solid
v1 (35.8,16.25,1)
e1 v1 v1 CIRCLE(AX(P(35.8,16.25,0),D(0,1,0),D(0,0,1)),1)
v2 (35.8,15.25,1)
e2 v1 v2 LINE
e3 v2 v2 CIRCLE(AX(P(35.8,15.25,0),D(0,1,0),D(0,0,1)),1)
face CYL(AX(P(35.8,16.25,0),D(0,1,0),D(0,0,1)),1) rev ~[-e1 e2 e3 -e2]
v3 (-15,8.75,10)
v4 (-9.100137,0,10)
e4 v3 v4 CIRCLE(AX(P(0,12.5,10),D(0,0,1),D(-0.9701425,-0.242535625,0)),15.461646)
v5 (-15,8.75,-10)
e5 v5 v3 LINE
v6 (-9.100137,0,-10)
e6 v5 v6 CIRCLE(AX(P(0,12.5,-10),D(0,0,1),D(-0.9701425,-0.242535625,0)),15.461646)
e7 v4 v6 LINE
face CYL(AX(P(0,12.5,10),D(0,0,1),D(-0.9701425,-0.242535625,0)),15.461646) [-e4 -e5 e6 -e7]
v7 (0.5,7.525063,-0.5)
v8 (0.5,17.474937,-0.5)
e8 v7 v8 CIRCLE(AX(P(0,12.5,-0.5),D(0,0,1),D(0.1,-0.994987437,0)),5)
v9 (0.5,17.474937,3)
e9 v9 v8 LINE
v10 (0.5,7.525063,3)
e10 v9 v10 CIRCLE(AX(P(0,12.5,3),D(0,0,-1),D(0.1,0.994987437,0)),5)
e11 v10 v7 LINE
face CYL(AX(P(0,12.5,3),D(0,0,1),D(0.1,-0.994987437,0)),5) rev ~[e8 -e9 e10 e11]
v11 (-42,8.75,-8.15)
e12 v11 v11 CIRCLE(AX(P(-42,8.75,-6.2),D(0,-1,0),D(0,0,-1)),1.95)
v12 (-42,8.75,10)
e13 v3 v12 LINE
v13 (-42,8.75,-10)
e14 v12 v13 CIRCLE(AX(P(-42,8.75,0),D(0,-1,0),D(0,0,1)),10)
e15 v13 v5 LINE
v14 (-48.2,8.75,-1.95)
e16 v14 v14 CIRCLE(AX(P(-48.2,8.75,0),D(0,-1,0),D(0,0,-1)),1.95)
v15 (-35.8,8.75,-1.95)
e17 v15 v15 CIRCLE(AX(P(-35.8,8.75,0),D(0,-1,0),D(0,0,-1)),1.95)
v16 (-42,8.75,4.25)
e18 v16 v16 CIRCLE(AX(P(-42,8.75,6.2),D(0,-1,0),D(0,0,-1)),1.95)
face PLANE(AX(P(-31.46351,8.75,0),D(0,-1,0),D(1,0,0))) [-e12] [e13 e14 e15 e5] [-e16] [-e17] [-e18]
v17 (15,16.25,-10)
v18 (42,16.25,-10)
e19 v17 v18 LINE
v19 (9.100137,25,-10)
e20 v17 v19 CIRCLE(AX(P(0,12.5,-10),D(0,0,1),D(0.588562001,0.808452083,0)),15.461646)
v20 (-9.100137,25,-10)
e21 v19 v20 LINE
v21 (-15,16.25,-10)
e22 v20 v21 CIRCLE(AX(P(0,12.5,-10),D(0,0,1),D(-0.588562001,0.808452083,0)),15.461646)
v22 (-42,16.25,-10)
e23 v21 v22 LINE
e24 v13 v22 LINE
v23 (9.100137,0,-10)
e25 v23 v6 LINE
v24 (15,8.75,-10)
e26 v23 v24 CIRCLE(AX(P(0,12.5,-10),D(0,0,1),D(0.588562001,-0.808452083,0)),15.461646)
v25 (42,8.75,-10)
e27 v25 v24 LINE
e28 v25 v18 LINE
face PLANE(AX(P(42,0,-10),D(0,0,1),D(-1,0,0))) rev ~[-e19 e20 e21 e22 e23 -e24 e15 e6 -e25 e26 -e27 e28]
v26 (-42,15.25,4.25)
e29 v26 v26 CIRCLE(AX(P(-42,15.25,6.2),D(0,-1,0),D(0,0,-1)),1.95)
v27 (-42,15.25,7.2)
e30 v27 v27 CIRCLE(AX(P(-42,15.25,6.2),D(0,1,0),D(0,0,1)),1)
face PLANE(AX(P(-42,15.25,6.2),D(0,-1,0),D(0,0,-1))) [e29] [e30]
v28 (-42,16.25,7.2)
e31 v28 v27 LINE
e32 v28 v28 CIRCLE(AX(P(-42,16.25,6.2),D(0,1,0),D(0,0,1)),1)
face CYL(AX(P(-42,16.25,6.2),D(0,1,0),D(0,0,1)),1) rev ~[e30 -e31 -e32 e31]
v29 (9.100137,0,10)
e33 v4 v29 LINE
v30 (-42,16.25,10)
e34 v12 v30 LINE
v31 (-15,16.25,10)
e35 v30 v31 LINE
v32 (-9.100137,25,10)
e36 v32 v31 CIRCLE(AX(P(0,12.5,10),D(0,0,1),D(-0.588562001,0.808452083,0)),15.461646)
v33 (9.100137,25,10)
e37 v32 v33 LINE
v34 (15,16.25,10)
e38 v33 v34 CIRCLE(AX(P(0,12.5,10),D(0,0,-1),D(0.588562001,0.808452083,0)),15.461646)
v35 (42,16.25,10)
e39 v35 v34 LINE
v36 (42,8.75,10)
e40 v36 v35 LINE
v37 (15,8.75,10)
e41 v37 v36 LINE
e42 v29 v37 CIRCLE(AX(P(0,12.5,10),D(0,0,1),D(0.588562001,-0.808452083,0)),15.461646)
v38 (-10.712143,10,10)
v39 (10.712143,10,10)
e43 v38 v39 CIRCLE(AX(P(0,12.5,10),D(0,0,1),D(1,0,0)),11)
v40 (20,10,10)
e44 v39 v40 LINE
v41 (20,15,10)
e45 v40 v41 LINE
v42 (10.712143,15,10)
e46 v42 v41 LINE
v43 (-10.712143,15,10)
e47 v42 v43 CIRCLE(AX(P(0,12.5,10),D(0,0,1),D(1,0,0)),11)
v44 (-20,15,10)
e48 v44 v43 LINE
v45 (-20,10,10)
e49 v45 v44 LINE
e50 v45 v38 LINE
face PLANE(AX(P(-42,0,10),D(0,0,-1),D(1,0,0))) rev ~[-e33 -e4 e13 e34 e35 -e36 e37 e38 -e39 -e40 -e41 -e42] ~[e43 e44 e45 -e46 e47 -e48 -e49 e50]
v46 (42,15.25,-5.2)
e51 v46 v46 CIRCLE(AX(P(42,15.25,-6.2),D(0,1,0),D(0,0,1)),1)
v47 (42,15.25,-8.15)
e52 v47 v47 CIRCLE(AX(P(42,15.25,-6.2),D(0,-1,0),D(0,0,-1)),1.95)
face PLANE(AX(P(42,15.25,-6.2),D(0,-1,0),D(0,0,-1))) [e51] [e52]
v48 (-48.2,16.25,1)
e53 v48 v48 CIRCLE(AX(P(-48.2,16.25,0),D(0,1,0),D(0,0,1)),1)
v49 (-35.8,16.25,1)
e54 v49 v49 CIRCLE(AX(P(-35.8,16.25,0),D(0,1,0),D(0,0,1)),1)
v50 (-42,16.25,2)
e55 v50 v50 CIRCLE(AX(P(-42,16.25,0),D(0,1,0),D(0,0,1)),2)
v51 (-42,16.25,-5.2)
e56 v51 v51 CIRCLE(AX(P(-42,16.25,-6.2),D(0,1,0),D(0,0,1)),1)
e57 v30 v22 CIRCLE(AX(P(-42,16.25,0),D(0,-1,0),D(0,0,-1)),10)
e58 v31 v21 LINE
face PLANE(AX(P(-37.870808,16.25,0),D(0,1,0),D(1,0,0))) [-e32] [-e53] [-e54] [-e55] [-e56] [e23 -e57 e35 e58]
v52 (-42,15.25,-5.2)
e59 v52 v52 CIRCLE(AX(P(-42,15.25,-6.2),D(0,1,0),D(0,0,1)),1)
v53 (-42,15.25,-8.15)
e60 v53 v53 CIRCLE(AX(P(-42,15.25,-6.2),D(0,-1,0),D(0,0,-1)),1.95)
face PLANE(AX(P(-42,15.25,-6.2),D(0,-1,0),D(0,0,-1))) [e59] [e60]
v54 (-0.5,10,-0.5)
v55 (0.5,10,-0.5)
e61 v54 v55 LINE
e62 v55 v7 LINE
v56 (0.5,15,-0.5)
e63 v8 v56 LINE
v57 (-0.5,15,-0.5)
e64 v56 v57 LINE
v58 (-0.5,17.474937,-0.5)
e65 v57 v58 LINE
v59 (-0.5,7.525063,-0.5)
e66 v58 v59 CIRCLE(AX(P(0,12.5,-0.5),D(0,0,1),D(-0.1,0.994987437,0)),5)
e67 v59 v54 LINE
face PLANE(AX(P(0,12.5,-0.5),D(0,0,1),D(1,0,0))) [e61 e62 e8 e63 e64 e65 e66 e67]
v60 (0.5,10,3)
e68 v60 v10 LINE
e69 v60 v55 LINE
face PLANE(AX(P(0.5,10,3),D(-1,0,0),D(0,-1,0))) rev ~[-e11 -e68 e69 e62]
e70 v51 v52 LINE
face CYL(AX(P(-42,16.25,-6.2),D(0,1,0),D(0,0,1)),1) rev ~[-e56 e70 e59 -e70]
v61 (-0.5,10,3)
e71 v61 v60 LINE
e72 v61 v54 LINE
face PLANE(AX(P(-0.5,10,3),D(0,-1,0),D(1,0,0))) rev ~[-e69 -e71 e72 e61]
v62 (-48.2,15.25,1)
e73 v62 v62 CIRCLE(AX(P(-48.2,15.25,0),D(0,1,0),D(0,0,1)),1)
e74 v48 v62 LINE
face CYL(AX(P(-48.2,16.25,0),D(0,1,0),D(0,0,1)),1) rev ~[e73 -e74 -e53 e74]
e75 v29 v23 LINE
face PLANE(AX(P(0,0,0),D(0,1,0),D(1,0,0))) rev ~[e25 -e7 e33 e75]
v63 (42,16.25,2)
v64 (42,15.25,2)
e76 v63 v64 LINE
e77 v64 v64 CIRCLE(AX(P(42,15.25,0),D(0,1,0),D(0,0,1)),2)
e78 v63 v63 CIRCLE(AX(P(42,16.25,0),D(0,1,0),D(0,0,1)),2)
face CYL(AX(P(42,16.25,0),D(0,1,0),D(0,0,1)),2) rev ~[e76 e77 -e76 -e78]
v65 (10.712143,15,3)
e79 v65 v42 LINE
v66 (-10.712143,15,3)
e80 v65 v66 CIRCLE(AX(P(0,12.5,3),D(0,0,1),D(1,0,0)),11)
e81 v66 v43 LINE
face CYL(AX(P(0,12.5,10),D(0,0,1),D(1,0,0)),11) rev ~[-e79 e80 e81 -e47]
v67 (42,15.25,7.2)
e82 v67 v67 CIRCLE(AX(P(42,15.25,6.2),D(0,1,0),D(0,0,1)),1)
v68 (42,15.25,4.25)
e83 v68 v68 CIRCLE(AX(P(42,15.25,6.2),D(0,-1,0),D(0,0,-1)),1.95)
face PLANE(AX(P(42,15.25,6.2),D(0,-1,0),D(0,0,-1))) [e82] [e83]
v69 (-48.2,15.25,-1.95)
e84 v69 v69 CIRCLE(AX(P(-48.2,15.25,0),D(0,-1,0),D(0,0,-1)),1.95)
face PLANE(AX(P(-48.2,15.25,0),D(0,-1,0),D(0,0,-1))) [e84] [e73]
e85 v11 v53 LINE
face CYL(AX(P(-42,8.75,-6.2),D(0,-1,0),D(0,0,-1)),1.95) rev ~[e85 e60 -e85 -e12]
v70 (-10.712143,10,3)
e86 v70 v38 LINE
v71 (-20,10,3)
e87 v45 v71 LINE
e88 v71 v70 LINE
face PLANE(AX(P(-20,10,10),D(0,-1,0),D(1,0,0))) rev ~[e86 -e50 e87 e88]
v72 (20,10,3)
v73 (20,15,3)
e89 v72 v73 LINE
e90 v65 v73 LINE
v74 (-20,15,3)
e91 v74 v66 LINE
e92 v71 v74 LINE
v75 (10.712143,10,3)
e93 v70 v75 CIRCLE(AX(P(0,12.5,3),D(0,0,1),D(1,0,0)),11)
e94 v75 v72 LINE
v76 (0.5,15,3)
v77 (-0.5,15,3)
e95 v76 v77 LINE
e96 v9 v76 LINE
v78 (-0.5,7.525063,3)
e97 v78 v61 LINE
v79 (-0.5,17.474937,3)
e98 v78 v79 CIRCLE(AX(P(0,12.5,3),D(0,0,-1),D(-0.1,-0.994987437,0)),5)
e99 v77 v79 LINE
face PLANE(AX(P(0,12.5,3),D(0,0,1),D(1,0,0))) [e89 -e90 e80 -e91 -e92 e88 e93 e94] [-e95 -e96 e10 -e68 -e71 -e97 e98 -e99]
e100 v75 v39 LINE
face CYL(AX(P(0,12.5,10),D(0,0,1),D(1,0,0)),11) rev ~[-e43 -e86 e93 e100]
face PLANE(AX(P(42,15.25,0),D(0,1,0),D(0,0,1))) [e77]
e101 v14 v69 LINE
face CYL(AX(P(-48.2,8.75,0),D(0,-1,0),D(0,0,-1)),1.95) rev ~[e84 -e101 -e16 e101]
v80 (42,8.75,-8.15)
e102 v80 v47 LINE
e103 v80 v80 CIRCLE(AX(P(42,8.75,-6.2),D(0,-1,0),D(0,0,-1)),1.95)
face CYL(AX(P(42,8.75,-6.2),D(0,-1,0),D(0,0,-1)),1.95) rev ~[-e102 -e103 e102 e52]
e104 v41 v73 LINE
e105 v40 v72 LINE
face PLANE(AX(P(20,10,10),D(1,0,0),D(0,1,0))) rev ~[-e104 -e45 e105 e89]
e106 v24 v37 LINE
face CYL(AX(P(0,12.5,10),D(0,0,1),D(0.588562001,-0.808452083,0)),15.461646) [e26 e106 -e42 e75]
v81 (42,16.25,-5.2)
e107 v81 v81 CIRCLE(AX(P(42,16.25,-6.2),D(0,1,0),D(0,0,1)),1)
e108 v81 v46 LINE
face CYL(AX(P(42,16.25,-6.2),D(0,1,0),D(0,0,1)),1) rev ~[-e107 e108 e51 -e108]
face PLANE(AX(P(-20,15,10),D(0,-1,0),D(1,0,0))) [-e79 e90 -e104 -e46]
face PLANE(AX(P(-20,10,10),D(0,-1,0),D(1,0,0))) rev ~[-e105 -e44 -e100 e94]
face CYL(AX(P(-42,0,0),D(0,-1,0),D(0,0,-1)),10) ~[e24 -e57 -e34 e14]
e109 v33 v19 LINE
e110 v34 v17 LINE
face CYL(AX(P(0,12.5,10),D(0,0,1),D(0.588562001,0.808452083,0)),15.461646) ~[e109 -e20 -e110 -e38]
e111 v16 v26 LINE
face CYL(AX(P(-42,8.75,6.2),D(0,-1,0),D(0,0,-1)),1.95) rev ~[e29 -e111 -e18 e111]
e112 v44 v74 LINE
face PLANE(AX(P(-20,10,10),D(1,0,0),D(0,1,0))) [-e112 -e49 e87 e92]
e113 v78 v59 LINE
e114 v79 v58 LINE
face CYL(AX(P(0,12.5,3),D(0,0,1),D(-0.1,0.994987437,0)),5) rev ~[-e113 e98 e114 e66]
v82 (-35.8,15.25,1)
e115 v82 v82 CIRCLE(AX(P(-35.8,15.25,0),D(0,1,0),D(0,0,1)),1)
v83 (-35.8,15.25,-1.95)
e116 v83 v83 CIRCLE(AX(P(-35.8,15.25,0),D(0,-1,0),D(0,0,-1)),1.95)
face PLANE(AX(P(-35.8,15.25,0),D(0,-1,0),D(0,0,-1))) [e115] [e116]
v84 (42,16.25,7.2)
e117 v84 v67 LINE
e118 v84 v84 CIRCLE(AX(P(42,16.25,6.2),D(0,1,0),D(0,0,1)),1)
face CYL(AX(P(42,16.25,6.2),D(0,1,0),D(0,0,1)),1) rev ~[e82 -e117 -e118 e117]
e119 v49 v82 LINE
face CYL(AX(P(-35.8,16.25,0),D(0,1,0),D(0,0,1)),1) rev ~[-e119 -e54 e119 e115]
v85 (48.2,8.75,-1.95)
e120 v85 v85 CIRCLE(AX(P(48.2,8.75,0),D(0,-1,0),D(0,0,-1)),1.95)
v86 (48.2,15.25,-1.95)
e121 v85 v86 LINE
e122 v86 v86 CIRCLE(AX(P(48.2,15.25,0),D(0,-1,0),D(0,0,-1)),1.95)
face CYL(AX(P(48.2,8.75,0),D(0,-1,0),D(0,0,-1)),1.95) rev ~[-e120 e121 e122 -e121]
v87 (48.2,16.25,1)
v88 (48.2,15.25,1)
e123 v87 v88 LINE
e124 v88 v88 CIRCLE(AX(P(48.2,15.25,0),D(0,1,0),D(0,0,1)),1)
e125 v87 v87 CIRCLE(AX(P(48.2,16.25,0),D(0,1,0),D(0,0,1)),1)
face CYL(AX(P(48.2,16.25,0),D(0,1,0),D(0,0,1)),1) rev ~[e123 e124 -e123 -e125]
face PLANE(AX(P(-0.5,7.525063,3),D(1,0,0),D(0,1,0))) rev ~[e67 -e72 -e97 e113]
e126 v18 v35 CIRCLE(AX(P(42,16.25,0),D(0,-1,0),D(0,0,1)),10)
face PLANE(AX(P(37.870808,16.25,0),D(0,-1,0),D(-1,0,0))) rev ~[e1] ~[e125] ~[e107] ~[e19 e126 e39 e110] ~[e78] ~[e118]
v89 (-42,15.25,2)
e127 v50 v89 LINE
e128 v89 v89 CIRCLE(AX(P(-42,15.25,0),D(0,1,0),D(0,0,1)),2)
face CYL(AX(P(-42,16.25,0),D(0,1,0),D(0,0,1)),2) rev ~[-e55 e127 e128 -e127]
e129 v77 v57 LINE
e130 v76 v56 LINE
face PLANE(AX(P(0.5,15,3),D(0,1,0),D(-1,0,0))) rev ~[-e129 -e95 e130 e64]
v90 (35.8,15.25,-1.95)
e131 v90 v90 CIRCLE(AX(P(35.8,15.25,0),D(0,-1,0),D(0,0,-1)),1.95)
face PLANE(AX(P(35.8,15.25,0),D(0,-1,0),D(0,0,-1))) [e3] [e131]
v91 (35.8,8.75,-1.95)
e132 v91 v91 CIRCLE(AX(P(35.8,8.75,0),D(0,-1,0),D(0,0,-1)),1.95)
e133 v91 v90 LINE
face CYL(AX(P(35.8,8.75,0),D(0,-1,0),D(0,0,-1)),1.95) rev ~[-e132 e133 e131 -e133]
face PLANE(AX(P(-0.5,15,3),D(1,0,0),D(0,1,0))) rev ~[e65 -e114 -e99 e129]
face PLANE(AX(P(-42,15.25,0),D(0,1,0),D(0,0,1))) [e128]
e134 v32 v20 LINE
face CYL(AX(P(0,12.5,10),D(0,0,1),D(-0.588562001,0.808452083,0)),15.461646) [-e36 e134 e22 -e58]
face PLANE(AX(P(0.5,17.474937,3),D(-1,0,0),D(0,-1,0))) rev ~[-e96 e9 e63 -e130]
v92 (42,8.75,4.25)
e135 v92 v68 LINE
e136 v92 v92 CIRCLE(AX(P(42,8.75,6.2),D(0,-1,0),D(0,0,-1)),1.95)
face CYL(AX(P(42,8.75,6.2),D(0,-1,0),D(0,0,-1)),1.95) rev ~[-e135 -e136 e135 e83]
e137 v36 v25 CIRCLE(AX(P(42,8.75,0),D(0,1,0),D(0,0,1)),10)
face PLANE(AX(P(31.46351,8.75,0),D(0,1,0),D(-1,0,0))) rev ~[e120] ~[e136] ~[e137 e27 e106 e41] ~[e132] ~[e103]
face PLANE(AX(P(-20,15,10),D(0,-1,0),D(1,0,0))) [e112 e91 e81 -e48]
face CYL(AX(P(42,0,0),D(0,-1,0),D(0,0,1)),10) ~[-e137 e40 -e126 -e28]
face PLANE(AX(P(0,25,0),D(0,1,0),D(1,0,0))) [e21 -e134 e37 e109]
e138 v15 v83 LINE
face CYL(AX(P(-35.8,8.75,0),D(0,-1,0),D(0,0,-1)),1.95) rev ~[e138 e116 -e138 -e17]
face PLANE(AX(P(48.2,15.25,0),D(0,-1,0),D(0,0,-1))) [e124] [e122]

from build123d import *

# Parameters (mm, degrees)
BOSS_EXTRUDE1_DEPTH = 25
SKETCH2_R           = 11
CUT_EXTRUDE1_DEPTH  = 7
CUT_EXTRUDE3_DEPTH  = 8.75
CUT_EXTRUDE5_DEPTH  = 8.75
SKETCH5_R           = 1
CUT_EXTRUDE6_DEPTH  = 7.5
SKETCH6_R           = 1.95
CUT_EXTRUDE7_DEPTH  = 6.5
SKETCH7_R           = 2
CUT_EXTRUDE8_DEPTH  = 1
CUT_EXTRUDE9_DEPTH  = 62.065538563
CUT_EXTRUDE10_DEPTH = 3.5
SKETCH10_W          = 40
SKETCH10_H          = 5
CUT_EXTRUDE11_DEPTH = 7


with BuildPart() as part:
    # Sketch1 → Boss-Extrude1 (new body)
    with BuildSketch(Plane(origin=(0, 0, 0), x_dir=(1, 0, 0), z_dir=(0, 1, 0))):
        with BuildLine():
            Line((-42, -10), (42, -10))
            ThreePointArc((42, -10), (52, 0), (42, 10))
            Line((42, 10), (-42, 10))
            ThreePointArc((-42, 10), (-52, 0), (-42, -10))
        make_face()
    extrude(amount=BOSS_EXTRUDE1_DEPTH)

    # Sketch2 → Cut-Extrude1 (cut)
    with BuildSketch(Plane.XY.offset(10)):
        with Locations((0, 12.5)):
            Circle(SKETCH2_R)
    extrude(amount=-CUT_EXTRUDE1_DEPTH, mode=Mode.SUBTRACT)

    # Sketch3 → Cut-Extrude3 (cut)
    with BuildSketch(Plane.XZ):
        with BuildLine():
            Line((15, -10), (15, 10))
            Line((15, 10), (42, 10))
            ThreePointArc((42, 10), (52, 0), (42, -10))
            Line((42, -10), (15, -10))
        make_face()
        with BuildLine():
            Line((-15, -10), (-15, 10))
            Line((-15, 10), (-42, 10))
            ThreePointArc((-42, 10), (-52, 0), (-42, -10))
            Line((-42, -10), (-15, -10))
        make_face()
    extrude(amount=-CUT_EXTRUDE3_DEPTH, mode=Mode.SUBTRACT)

    # Sketch4 → Cut-Extrude5 (cut)
    with BuildSketch(Plane(origin=(0, 25, 0), x_dir=(1, 0, 0), z_dir=(0, 1, 0))):
        with BuildLine():
            Line((15, -10), (15, 10))
            Line((15, 10), (55, 10))
            ThreePointArc((55, 10), (65, 0), (55, -10))
            Line((55, -10), (15, -10))
        make_face()
        with BuildLine():
            Line((-15, -10), (-15, 10))
            Line((-15, 10), (-55, 10))
            ThreePointArc((-55, 10), (-65, 0), (-55, -10))
            Line((-55, -10), (-15, -10))
        make_face()
    extrude(amount=-CUT_EXTRUDE5_DEPTH, mode=Mode.SUBTRACT)

    # Sketch5 → Cut-Extrude6 (cut)
    with BuildSketch(Plane(origin=(0, 16.25, 0), x_dir=(1, 0, 0), z_dir=(0, 1, 0))):
        with Locations(Location((-42, 6.2, 0), (0, 0, 270))):
            Circle(SKETCH5_R)
        with Locations(Location((-35.8, 0, 0), (0, 0, 270))):
            Circle(SKETCH5_R)
        with Locations(Location((-42, -6.2, 0), (0, 0, 270))):
            Circle(SKETCH5_R)
        with Locations(Location((-48.2, 0, 0), (0, 0, 270))):
            Circle(SKETCH5_R)
        with Locations(Location((42, 6.2, 0), (0, 0, 270))):
            Circle(SKETCH5_R)
        with Locations(Location((48.2, 0, 0), (0, 0, 270))):
            Circle(SKETCH5_R)
        with Locations(Location((42, -6.2, 0), (0, 0, 270))):
            Circle(SKETCH5_R)
        with Locations(Location((35.8, 0, 0), (0, 0, 270))):
            Circle(SKETCH5_R)
    extrude(amount=-CUT_EXTRUDE6_DEPTH, mode=Mode.SUBTRACT)

    # Sketch6 → Cut-Extrude7 (cut)
    with BuildSketch(Plane.XZ.offset(-8.75)):
        with Locations(Location((-42, 6.2, 0), (0, 0, 270))):
            Circle(SKETCH6_R)
        with Locations(Location((-35.8, 0, 0), (0, 0, 270))):
            Circle(SKETCH6_R)
        with Locations(Location((-48.2, 0, 0), (0, 0, 270))):
            Circle(SKETCH6_R)
        with Locations(Location((-42, -6.2, 0), (0, 0, 270))):
            Circle(SKETCH6_R)
        with Locations(Location((42, 6.2, 0), (0, 0, 270))):
            Circle(SKETCH6_R)
        with Locations(Location((48.2, 0, 0), (0, 0, 270))):
            Circle(SKETCH6_R)
        with Locations(Location((35.8, 0, 0), (0, 0, 270))):
            Circle(SKETCH6_R)
        with Locations(Location((42, -6.2, 0), (0, 0, 270))):
            Circle(SKETCH6_R)
    extrude(amount=-CUT_EXTRUDE7_DEPTH, mode=Mode.SUBTRACT)

    # Sketch7 → Cut-Extrude8 (cut)
    with BuildSketch(Plane(origin=(0, 16.25, 0), x_dir=(1, 0, 0), z_dir=(0, 1, 0))):
        with Locations(Location((-42, 0, 0), (0, 0, 270))):
            Circle(SKETCH7_R)
        with Locations(Location((42, 0, 0), (0, 0, 270))):
            Circle(SKETCH7_R)
    extrude(amount=-CUT_EXTRUDE8_DEPTH, mode=Mode.SUBTRACT)

    # Sketch8 → Cut-Extrude9 (cut, through all)
    with BuildSketch(Plane.XY.offset(10)):
        with BuildLine():
            Line((-15, 16.25), (-15, 25))
            Line((-15, 25), (-9.100137362, 25))
            ThreePointArc((-9.100137362, 25), (-12.819702813, 21.143941218), (-15, 16.25))
        make_face()
        with BuildLine():
            Line((15, 0), (9.100137362, 0))
            ThreePointArc((9.100137362, 0), (12.819702813, 3.856058782), (15, 8.75))
            Line((15, 8.75), (15, 0))
        make_face()
        with BuildLine():
            Line((15, 25), (9.100137362, 25))
            ThreePointArc((9.100137362, 25), (12.819702813, 21.143941218), (15, 16.25))
            Line((15, 16.25), (15, 25))
        make_face()
        with BuildLine():
            Line((-15, 0), (-15, 8.75))
            ThreePointArc((-15, 8.75), (-12.819702813, 3.856058782), (-9.100137362, 0))
            Line((-9.100137362, 0), (-15, 0))
        make_face()
    extrude(amount=-CUT_EXTRUDE9_DEPTH, mode=Mode.SUBTRACT)

    # Sketch9 → Cut-Extrude10 (cut)
    with BuildSketch(Plane.XY.offset(3)):
        with BuildLine():
            Line((0.5, 10), (0.5, 7.525062814))
            ThreePointArc((0.5, 7.525062814), (5, 12.5), (0.5, 17.474937186))
            Line((0.5, 17.474937186), (0.5, 15))
            Line((0.5, 15), (-0.5, 15))
            Line((-0.5, 15), (-0.5, 17.474937186))
            ThreePointArc((-0.5, 17.474937186), (-5, 12.5), (-0.5, 7.525062814))
            Line((-0.5, 7.525062814), (-0.5, 10))
            Line((-0.5, 10), (0.5, 10))
        make_face()
    extrude(amount=-CUT_EXTRUDE10_DEPTH, mode=Mode.SUBTRACT)

    # Sketch10 → Cut-Extrude11 (cut)
    with BuildSketch(Plane.XY.offset(10)):
        with Locations((0, 12.5)):
            Rectangle(SKETCH10_W, SKETCH10_H)
    extrude(amount=-CUT_EXTRUDE11_DEPTH, mode=Mode.SUBTRACT)


solid = part.part
